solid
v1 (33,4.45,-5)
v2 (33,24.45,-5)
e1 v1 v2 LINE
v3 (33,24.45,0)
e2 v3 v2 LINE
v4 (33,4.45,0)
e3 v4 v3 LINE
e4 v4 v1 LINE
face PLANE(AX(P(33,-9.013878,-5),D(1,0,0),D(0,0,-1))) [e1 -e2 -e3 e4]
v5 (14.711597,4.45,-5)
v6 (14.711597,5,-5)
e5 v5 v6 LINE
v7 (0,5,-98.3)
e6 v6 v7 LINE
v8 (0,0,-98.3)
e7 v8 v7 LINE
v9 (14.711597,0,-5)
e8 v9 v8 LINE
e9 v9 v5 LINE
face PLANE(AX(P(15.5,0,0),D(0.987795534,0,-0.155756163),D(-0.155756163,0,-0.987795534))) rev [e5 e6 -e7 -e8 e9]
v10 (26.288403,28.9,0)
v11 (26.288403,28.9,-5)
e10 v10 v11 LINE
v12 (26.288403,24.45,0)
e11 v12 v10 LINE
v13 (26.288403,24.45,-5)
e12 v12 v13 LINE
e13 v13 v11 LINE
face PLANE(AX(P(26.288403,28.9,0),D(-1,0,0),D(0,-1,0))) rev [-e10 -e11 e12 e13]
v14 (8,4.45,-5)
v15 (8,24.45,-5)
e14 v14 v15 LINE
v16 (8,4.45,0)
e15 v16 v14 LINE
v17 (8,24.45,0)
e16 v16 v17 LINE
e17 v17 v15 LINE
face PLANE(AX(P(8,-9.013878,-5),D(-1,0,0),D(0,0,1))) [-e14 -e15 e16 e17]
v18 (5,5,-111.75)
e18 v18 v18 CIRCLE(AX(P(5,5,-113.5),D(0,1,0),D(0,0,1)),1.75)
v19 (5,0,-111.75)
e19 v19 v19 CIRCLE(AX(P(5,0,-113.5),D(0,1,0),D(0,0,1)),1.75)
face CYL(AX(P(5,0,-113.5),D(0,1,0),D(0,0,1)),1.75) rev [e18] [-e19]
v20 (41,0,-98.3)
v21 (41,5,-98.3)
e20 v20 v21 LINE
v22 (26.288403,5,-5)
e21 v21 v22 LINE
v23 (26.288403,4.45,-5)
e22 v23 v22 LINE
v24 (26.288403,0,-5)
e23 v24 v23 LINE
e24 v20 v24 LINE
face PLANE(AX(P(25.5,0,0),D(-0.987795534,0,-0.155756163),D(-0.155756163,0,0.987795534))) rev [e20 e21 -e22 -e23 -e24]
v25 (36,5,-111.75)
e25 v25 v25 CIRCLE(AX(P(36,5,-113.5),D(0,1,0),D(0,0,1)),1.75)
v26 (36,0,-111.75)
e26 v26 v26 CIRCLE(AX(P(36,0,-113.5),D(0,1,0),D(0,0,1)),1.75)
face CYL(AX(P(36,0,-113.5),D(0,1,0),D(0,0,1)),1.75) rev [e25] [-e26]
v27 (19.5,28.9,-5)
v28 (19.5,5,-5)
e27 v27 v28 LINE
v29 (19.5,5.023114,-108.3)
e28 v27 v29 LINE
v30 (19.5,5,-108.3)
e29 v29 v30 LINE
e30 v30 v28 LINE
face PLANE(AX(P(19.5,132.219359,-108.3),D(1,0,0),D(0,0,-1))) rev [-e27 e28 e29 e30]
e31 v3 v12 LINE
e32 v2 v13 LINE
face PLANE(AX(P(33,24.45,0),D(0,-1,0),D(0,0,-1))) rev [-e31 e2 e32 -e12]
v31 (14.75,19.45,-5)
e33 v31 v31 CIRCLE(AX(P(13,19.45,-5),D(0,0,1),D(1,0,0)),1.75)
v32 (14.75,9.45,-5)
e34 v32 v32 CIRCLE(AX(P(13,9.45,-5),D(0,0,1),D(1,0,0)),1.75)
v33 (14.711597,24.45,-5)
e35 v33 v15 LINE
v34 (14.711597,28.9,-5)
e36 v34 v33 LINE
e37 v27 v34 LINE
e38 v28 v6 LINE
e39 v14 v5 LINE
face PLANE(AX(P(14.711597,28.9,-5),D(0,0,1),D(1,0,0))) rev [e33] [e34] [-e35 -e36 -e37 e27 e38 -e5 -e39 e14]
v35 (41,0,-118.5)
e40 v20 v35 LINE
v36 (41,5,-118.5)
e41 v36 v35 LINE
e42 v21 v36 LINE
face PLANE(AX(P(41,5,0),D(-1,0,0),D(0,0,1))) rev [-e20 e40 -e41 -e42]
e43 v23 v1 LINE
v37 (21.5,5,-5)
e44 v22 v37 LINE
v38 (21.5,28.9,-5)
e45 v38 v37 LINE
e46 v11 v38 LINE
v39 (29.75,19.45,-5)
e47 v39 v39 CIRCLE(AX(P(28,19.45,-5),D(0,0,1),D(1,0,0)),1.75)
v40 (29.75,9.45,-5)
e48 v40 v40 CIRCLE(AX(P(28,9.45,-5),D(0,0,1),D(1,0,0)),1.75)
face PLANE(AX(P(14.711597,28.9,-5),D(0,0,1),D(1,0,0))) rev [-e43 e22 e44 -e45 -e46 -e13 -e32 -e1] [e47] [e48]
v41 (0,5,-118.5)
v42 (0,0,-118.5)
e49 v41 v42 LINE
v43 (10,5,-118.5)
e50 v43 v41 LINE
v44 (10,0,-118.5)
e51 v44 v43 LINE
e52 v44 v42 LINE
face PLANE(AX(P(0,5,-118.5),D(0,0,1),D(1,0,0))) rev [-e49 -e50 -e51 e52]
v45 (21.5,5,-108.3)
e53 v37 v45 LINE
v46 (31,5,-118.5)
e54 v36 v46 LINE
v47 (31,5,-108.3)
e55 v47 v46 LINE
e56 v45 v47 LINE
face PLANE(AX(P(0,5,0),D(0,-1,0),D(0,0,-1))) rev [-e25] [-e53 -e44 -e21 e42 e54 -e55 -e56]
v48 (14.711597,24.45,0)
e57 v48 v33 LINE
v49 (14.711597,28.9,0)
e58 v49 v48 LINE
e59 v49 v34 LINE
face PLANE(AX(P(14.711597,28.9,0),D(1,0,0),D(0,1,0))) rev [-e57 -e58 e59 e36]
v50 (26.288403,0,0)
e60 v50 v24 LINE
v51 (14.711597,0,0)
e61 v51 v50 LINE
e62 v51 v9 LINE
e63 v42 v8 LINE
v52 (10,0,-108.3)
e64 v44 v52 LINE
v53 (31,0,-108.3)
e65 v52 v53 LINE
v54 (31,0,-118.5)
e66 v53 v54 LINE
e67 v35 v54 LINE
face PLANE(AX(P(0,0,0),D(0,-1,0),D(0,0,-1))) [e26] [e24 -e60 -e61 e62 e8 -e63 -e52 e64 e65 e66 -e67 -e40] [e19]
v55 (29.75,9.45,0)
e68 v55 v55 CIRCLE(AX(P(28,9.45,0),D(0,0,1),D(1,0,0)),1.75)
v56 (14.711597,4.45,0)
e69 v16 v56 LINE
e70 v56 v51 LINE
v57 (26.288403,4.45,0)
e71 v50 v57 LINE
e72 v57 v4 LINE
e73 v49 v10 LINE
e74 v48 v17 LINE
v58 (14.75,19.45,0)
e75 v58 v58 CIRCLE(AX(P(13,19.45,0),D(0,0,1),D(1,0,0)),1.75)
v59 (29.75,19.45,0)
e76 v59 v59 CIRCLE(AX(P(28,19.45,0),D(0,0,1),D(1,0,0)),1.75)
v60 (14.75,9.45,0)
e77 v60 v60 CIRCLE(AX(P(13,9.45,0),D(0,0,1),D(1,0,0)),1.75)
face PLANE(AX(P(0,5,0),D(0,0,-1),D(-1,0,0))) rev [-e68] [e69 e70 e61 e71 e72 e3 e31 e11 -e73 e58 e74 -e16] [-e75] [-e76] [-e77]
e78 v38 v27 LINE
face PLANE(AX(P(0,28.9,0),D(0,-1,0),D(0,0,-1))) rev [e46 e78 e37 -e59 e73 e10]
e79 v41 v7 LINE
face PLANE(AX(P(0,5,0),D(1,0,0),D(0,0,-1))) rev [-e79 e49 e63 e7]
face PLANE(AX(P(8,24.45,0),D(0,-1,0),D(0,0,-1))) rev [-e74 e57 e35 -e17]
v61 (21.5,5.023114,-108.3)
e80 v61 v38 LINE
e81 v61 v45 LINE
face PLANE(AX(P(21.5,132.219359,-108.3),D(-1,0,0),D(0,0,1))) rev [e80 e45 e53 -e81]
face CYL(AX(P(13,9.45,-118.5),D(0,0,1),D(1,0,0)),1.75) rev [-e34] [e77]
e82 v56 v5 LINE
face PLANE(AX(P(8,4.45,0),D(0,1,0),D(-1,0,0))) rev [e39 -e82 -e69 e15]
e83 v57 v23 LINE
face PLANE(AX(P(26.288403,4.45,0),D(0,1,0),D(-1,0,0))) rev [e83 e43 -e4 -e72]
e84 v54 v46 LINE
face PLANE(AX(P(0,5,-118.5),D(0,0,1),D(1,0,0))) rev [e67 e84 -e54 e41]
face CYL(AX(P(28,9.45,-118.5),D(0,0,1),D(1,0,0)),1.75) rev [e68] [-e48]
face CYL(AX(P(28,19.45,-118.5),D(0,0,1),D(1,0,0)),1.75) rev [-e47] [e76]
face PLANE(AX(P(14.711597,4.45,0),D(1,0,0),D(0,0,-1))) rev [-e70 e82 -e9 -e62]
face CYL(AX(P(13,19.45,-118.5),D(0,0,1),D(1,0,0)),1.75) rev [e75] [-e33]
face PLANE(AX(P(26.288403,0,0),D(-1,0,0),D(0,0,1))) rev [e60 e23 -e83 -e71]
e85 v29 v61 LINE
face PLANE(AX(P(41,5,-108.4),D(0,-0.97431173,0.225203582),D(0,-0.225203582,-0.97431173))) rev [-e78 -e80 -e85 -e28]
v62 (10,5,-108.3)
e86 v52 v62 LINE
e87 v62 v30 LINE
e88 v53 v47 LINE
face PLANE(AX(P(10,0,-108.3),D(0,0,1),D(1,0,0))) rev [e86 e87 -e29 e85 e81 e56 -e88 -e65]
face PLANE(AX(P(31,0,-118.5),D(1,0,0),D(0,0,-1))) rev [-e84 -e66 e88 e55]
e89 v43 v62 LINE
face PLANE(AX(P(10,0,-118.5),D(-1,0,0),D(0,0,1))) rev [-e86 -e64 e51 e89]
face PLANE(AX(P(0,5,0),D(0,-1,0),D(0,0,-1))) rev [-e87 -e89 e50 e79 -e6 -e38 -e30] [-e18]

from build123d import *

# Parameters (mm, degrees)
SKETCH1_W           = 41
SKETCH1_H           = 118.5
BOSS_EXTRUDE1_DEPTH = 5
SKETCH2_W           = 21
SKETCH2_H           = 10.2
CUT_EXTRUDE1_DEPTH  = 6
SKETCH9_R           = 1.75
CUT_EXTRUDE4_DEPTH  = 6
CUT_EXTRUDE5_DEPTH  = 6
BOSS_EXTRUDE4_DEPTH = 23.9
SKETCH16_W          = 2
SKETCH16_H          = 103.3
BOSS_EXTRUDE5_DEPTH = 23.9
CUT_EXTRUDE8_DEPTH  = 22.5
BOSS_EXTRUDE6_DEPTH = 28.9
SKETCH25_W          = 6.711597152
SKETCH25_H          = 4.45
CUT_EXTRUDE9_DEPTH  = 6
SKETCH26_R          = 1.75
CUT_EXTRUDE10_DEPTH = 119.5


with BuildPart() as part:
    # Sketch1 → Boss-Extrude1 (new body)
    with BuildSketch(Plane(origin=(0, 0, 0), x_dir=(1, 0, 0), z_dir=(0, 1, 0))):
        with Locations((20.5, 59.25)):
            Rectangle(SKETCH1_W, SKETCH1_H)
    extrude(amount=BOSS_EXTRUDE1_DEPTH)

    # Sketch2 → Cut-Extrude1 (cut, through all)
    with BuildSketch(Plane(origin=(0, 5, 0), x_dir=(1, 0, 0), z_dir=(0, 1, 0))):
        with Locations((20.5, 113.4)):
            Rectangle(SKETCH2_W, SKETCH2_H)
    extrude(amount=-CUT_EXTRUDE1_DEPTH, mode=Mode.SUBTRACT)

    # Sketch9 → Cut-Extrude4 (cut, through all)
    with BuildSketch(Plane(origin=(0, 5, 0), x_dir=(1, 0, 0), z_dir=(0, 1, 0))):
        with Locations((5, 113.5)):
            Circle(SKETCH9_R)
        with Locations((36, 113.5)):
            Circle(SKETCH9_R)
    extrude(amount=-CUT_EXTRUDE4_DEPTH, mode=Mode.SUBTRACT)

    # Sketch11 → Cut-Extrude5 (cut, through all)
    with BuildSketch(Plane(origin=(0, 5, 0), x_dir=(1, 0, 0), z_dir=(0, 1, 0))):
        Polygon((15.5, 0), (0, 98.3), (0, 0), align=None)
        Polygon((25.5, 0), (41, 98.3), (41, 0), align=None)
    extrude(amount=-CUT_EXTRUDE5_DEPTH, mode=Mode.SUBTRACT)

    # Sketch12 → Boss-Extrude4 (add)
    with BuildSketch(Plane(origin=(0, 5, 0), x_dir=(1, 0, 0), z_dir=(0, 1, 0))):
        Polygon((25.5, 0), (15.5, 0), (14.711597152, 5), (26.288402848, 5), align=None)
    extrude(amount=BOSS_EXTRUDE4_DEPTH)

    # Sketch16 → Boss-Extrude5 (add)
    with BuildSketch(Plane(origin=(0, 5, 0), x_dir=(1, 0, 0), z_dir=(0, 1, 0))):
        with Locations((20.5, 56.65)):
            Rectangle(SKETCH16_W, SKETCH16_H)
    extrude(amount=BOSS_EXTRUDE5_DEPTH)

    # Sketch17 → Cut-Extrude8 (cut, through all)
    with BuildSketch(Plane.ZY.offset(-19.5)):
        Polygon((-108.4, 5), (-5, 28.9), (-108.3, 28.9), align=None)
    extrude(amount=-CUT_EXTRUDE8_DEPTH, mode=Mode.SUBTRACT)

    # Sketch23 → Boss-Extrude6 (add)
    with BuildSketch(Plane(origin=(0, 28.9, 0), x_dir=(1, 0, 0), z_dir=(0, 1, 0))):
        Polygon((26.288402848, 5), (33, 5), (33, 0), (25.5, 0), align=None)
        Polygon((14.711597152, 5), (8, 5), (8, 0), (15.5, 0), align=None)
    extrude(amount=-BOSS_EXTRUDE6_DEPTH)

    # Sketch25 → Cut-Extrude9 (cut, through all)
    with BuildSketch(Plane(origin=(0, 0, -5), x_dir=(-1, 0, 0), z_dir=(0, 0, -1))):
        with Locations((-11.355798576, 2.225)):
            Rectangle(SKETCH25_W, SKETCH25_H)
        with Locations((-29.644201424, 2.225)):
            Rectangle(SKETCH25_W, SKETCH25_H)
        with Locations((-11.355798576, 26.675)):
            Rectangle(SKETCH25_W, SKETCH25_H)
        with Locations((-29.644201424, 26.675)):
            Rectangle(SKETCH25_W, SKETCH25_H)
    extrude(amount=-CUT_EXTRUDE9_DEPTH, mode=Mode.SUBTRACT)

    # Sketch26 → Cut-Extrude10 (cut, through all)
    with BuildSketch(Plane.XY):
        with Locations((13, 19.45)):
            Circle(SKETCH26_R)
        with Locations((28, 19.45)):
            Circle(SKETCH26_R)
        with Locations((13, 9.45)):
            Circle(SKETCH26_R)
        with Locations((28, 9.45)):
            Circle(SKETCH26_R)
    extrude(amount=-CUT_EXTRUDE10_DEPTH, mode=Mode.SUBTRACT)


solid = part.part
